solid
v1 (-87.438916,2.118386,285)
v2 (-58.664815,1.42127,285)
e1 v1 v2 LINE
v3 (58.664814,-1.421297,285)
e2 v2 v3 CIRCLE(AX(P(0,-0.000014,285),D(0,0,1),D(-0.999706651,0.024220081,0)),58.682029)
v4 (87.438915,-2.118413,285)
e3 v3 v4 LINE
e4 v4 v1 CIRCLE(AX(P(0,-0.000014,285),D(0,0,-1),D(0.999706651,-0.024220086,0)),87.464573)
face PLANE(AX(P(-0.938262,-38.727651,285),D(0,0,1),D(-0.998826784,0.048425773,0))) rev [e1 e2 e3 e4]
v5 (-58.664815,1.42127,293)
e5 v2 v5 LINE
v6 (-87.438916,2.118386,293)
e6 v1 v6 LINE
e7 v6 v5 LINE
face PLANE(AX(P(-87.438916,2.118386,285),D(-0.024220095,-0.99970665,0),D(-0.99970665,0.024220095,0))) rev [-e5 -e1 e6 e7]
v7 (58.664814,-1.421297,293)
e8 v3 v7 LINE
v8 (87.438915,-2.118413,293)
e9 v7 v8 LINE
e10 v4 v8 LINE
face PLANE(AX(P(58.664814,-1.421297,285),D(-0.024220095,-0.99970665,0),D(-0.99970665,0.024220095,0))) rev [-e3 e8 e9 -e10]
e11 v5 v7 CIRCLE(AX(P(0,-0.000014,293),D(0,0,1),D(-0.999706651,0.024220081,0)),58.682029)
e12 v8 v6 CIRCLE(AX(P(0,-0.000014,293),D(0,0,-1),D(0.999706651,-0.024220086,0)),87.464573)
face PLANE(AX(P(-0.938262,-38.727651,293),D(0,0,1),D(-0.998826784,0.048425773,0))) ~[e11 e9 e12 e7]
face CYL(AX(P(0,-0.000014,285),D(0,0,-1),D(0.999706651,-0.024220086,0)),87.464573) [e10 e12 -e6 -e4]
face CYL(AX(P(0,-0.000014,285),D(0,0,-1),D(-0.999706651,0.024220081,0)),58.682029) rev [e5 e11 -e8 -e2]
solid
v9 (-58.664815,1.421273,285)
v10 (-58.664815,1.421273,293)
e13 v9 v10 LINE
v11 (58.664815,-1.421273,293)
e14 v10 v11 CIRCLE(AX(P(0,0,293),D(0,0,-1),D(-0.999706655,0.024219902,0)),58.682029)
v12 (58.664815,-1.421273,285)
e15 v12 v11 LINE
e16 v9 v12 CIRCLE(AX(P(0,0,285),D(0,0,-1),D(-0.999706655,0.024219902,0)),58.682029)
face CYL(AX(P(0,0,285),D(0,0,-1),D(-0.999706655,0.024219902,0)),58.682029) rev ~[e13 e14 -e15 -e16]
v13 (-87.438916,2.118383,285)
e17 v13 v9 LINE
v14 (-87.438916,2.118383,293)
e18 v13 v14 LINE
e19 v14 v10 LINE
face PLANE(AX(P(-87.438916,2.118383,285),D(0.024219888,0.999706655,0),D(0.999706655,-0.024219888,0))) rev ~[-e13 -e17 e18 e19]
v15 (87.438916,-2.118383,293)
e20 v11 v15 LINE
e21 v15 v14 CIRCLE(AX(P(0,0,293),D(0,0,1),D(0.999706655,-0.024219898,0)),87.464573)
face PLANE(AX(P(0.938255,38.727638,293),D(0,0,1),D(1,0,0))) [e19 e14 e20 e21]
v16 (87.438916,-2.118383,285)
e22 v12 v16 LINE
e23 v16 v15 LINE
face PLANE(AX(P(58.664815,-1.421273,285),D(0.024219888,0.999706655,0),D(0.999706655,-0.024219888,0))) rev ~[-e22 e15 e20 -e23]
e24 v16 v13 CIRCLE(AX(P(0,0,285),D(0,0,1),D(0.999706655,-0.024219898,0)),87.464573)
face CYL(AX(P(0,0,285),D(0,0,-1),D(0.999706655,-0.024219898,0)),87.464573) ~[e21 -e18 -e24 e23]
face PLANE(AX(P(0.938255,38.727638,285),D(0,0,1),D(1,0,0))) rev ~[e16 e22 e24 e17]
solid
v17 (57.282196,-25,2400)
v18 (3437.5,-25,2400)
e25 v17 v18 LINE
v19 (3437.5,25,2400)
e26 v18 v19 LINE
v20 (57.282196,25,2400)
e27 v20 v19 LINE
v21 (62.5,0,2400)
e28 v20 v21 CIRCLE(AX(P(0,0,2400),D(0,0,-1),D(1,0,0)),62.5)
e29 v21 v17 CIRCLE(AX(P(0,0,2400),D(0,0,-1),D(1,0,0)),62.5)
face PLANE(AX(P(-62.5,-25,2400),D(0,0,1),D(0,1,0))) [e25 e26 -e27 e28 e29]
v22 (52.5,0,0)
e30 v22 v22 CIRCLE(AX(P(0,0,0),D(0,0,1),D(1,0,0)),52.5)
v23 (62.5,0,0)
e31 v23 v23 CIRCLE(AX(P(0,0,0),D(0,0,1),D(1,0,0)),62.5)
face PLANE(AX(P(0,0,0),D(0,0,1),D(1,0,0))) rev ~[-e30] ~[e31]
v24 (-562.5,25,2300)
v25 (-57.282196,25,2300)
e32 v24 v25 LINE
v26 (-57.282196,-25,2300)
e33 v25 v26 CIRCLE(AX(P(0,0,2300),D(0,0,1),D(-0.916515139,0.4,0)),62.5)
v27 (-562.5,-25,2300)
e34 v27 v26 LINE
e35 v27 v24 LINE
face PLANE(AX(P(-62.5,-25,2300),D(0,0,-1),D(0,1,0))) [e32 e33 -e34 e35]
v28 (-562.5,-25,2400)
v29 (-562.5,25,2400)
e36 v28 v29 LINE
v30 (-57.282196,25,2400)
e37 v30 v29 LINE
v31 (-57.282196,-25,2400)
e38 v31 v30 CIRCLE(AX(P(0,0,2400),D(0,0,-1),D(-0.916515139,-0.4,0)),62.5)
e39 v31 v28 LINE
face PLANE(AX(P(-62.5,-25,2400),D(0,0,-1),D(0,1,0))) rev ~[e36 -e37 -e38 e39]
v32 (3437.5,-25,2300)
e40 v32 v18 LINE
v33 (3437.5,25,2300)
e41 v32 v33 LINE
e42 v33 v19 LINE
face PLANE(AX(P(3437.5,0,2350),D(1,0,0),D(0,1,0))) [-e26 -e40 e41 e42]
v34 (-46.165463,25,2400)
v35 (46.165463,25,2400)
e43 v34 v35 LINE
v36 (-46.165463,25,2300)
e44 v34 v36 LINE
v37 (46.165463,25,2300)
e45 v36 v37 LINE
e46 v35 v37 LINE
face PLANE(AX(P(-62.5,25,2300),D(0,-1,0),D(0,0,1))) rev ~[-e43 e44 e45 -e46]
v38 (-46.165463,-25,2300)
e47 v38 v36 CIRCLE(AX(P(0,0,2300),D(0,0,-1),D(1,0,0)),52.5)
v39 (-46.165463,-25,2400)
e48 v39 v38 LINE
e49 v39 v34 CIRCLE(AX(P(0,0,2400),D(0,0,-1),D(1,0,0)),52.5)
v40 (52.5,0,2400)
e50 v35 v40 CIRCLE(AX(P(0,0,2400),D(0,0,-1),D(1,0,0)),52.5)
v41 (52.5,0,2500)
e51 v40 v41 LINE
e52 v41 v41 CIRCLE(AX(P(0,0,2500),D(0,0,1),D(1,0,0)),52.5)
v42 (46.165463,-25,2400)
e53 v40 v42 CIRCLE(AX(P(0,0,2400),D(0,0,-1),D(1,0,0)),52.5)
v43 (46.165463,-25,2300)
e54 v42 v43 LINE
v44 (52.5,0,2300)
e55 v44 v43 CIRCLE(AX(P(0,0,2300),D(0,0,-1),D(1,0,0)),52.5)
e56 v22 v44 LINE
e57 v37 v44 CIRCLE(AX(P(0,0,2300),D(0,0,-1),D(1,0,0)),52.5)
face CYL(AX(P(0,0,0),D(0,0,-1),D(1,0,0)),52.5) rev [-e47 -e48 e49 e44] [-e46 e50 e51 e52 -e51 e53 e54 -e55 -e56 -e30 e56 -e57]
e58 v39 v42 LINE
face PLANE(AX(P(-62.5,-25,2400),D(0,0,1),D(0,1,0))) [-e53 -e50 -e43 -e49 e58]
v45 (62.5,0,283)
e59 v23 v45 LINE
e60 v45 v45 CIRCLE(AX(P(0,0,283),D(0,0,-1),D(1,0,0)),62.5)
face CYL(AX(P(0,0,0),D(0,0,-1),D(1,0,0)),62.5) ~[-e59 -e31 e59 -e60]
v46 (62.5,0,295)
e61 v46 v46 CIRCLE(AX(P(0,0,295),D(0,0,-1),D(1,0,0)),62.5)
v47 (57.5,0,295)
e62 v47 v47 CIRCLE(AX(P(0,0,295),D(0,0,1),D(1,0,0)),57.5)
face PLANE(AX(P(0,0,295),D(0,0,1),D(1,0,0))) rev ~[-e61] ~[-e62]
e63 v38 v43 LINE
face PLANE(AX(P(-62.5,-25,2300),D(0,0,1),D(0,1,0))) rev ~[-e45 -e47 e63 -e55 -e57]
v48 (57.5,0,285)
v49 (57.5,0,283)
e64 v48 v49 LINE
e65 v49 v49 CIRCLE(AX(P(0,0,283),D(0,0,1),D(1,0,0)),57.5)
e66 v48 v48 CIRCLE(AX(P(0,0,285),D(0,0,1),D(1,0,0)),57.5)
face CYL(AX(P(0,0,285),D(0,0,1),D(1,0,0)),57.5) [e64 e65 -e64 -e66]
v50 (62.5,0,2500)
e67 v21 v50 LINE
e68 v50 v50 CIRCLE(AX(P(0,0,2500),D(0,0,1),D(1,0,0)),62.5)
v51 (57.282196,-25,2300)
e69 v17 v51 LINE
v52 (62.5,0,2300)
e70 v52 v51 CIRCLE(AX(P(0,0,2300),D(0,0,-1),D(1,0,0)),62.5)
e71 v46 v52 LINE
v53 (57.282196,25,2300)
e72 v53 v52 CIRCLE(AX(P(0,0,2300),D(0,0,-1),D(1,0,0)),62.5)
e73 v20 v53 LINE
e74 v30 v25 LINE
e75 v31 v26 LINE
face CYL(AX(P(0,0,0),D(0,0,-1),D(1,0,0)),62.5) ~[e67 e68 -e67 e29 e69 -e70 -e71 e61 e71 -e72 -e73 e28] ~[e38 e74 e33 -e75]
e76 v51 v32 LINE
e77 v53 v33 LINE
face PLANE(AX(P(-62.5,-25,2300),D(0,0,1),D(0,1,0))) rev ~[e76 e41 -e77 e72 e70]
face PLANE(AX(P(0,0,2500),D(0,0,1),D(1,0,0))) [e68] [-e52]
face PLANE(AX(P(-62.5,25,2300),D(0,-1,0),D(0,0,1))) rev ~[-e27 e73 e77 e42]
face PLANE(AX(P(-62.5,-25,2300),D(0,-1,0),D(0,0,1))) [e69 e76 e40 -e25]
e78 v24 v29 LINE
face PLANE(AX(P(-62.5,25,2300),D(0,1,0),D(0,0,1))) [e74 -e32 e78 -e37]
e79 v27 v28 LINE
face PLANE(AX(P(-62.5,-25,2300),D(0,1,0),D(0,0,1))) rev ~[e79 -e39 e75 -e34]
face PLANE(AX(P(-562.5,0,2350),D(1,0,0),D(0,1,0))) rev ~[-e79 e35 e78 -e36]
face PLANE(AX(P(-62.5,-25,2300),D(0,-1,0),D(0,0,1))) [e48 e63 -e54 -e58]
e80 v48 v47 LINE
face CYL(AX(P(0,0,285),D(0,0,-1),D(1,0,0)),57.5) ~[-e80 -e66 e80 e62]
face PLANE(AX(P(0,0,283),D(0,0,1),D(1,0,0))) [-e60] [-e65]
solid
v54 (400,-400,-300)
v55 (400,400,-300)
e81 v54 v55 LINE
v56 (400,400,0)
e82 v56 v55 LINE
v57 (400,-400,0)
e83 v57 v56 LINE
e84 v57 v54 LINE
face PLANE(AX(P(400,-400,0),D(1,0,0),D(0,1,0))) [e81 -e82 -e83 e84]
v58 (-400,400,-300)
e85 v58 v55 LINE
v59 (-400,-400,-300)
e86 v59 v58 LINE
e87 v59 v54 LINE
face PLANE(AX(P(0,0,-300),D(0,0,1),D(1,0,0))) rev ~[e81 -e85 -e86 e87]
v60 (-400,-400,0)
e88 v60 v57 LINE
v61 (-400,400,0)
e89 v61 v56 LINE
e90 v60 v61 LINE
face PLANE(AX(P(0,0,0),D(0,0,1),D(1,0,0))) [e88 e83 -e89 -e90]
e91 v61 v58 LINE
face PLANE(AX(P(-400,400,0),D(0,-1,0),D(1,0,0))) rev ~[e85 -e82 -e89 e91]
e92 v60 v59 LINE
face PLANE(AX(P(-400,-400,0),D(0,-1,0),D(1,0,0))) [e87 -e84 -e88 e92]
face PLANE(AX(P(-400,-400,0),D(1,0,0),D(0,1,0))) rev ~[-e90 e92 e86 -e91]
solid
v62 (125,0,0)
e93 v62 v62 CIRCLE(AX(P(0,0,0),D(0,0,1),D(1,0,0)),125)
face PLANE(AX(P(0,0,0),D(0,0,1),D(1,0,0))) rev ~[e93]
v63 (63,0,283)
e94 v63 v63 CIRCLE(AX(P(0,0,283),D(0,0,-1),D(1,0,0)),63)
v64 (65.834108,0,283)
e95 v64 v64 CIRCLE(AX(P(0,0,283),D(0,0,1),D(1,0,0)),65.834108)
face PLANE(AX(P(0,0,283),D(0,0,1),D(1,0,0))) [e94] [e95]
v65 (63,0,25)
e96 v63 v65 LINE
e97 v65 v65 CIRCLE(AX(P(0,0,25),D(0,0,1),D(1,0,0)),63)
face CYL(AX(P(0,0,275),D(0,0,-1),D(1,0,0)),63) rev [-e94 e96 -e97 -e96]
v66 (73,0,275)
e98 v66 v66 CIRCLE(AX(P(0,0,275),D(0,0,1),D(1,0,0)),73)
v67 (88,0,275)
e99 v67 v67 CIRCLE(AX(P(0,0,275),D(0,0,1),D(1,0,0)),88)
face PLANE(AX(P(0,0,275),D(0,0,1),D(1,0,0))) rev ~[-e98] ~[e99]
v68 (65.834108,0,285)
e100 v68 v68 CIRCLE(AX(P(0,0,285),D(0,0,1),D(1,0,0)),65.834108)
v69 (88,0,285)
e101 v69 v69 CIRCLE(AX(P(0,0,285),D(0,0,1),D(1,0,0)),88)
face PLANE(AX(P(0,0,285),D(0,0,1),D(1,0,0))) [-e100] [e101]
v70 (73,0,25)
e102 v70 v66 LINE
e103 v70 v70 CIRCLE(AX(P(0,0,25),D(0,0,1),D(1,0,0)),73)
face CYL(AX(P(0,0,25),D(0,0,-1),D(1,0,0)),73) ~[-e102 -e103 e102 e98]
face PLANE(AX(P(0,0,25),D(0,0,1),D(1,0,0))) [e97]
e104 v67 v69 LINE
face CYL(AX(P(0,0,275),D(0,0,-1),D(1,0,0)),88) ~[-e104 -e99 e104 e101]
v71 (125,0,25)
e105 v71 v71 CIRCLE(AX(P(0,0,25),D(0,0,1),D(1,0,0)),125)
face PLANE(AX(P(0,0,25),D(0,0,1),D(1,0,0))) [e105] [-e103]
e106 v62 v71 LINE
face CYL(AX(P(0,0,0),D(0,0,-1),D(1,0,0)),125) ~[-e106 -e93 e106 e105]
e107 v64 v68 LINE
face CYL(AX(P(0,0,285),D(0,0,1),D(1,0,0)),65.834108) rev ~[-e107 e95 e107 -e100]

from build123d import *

# Parameters (mm, degrees)
F0_R           = 62.5
F0_R_2         = 52.5
F1_DEPTH       = 2500
F3_W           = 50
F3_H           = 100
F4_DEPTH       = 125.001
F5_W           = 50
F5_H           = 100
F6_DEPTH       = 3500
F6_DEPTH_BACK  = 500
F7_W           = 800
F7_H           = 800
F8_DEPTH       = 300
F9_R           = 125
F10_DEPTH      = 25
F11_R          = 73
F11_R_2        = 63
F12_DEPTH      = 250
F13_R          = 88
F13_R_2        = 63
F14_DEPTH      = 10
F15_R          = 65.834108
F15_R_2        = 57.5
F16_DEPTH      = 10
F16_DEPTH_BACK = 2
F18_DEPTH      = 8


with BuildPart() as f1:
    # F0 (on Top) → F1 (new body)
    with BuildSketch(Plane.XY):
        Circle(F0_R)
        Circle(F0_R_2, mode=Mode.SUBTRACT)
    extrude(amount=F1_DEPTH)

    # F3 (on offset) → F4 (cut, through all)
    with BuildSketch(Plane.YZ.offset(-62.5)):
        with Locations((0, 2350)):
            Rectangle(F3_W, F3_H)
    extrude(amount=F4_DEPTH, mode=Mode.SUBTRACT)

    # F5 (on offset) → F6 (join, two sides)
    with BuildSketch(Plane.YZ.offset(-62.5)) as f6_sk:
        with Locations((0, 2350)):
            Rectangle(F5_W, F5_H)
    extrude(amount=F6_DEPTH)
    extrude(f6_sk.sketch, amount=-F6_DEPTH_BACK)


with BuildPart() as f8:
    # F7 (on Top) → F8 (new body)
    with BuildSketch(Plane.XY):
        Rectangle(F7_W, F7_H)
    extrude(amount=-F8_DEPTH)


with BuildPart() as f10:
    # F9 (on Top) → F10 (new body)
    with BuildSketch(Plane.XY):
        Circle(F9_R)
    extrude(amount=F10_DEPTH)

    # F11 (on face) → F12 (join)
    with BuildSketch(Plane.XY.offset(25)):
        Circle(F11_R)
        Circle(F11_R_2, mode=Mode.SUBTRACT)
    extrude(amount=F12_DEPTH)

    # F13 (on face) → F14 (join)
    with BuildSketch(Plane.XY.offset(275)):
        Circle(F13_R)
        Circle(F13_R_2, mode=Mode.SUBTRACT)
    extrude(amount=F14_DEPTH)


with BuildPart() as f16_tool:
    # F15 (on face) → F16 (new body, two sides)
    with BuildSketch(Plane.XY.offset(285)) as f16_sk:
        Circle(F15_R)
        Circle(F15_R_2, mode=Mode.SUBTRACT)
    extrude(amount=F16_DEPTH)
    extrude(f16_sk.sketch, amount=-F16_DEPTH_BACK)


with BuildPart() as f1_1:
    add(f1.part)

    # F16: cut by f16_tool
    add(f16_tool.part, mode=Mode.SUBTRACT)


with BuildPart() as f10_1:
    add(f10.part)

    # F16: cut by f16_tool
    add(f16_tool.part, mode=Mode.SUBTRACT)


with BuildPart() as f18:
    # F17 (on face) → F18 (new body)
    with BuildSketch(Plane.XY.offset(285)):
        with BuildLine():
            ThreePointArc((-58.664815, 1.421273), (1.421273, 58.664815), (58.664815, -1.421273))
            Line((58.664815, -1.421273), (87.438916, -2.118383))
            ThreePointArc((87.438916, -2.118383), (2.118383, 87.438916), (-87.438916, 2.118383))
            Line((-87.438916, 2.118383), (-58.664815, 1.421273))
        make_face()
    extrude(amount=F18_DEPTH)


with BuildPart() as f19_1:
    # F19: instance of F18
    add(f18.part.mirror(Plane(origin=(-73.051866, 1.769828, 289), x_dir=(0.999707, -0.02422, 0), z_dir=(-0.02422, -0.999707, 0))))


solid = Compound([f8.part, f1_1.part, f10_1.part, f18.part, f19_1.part])
